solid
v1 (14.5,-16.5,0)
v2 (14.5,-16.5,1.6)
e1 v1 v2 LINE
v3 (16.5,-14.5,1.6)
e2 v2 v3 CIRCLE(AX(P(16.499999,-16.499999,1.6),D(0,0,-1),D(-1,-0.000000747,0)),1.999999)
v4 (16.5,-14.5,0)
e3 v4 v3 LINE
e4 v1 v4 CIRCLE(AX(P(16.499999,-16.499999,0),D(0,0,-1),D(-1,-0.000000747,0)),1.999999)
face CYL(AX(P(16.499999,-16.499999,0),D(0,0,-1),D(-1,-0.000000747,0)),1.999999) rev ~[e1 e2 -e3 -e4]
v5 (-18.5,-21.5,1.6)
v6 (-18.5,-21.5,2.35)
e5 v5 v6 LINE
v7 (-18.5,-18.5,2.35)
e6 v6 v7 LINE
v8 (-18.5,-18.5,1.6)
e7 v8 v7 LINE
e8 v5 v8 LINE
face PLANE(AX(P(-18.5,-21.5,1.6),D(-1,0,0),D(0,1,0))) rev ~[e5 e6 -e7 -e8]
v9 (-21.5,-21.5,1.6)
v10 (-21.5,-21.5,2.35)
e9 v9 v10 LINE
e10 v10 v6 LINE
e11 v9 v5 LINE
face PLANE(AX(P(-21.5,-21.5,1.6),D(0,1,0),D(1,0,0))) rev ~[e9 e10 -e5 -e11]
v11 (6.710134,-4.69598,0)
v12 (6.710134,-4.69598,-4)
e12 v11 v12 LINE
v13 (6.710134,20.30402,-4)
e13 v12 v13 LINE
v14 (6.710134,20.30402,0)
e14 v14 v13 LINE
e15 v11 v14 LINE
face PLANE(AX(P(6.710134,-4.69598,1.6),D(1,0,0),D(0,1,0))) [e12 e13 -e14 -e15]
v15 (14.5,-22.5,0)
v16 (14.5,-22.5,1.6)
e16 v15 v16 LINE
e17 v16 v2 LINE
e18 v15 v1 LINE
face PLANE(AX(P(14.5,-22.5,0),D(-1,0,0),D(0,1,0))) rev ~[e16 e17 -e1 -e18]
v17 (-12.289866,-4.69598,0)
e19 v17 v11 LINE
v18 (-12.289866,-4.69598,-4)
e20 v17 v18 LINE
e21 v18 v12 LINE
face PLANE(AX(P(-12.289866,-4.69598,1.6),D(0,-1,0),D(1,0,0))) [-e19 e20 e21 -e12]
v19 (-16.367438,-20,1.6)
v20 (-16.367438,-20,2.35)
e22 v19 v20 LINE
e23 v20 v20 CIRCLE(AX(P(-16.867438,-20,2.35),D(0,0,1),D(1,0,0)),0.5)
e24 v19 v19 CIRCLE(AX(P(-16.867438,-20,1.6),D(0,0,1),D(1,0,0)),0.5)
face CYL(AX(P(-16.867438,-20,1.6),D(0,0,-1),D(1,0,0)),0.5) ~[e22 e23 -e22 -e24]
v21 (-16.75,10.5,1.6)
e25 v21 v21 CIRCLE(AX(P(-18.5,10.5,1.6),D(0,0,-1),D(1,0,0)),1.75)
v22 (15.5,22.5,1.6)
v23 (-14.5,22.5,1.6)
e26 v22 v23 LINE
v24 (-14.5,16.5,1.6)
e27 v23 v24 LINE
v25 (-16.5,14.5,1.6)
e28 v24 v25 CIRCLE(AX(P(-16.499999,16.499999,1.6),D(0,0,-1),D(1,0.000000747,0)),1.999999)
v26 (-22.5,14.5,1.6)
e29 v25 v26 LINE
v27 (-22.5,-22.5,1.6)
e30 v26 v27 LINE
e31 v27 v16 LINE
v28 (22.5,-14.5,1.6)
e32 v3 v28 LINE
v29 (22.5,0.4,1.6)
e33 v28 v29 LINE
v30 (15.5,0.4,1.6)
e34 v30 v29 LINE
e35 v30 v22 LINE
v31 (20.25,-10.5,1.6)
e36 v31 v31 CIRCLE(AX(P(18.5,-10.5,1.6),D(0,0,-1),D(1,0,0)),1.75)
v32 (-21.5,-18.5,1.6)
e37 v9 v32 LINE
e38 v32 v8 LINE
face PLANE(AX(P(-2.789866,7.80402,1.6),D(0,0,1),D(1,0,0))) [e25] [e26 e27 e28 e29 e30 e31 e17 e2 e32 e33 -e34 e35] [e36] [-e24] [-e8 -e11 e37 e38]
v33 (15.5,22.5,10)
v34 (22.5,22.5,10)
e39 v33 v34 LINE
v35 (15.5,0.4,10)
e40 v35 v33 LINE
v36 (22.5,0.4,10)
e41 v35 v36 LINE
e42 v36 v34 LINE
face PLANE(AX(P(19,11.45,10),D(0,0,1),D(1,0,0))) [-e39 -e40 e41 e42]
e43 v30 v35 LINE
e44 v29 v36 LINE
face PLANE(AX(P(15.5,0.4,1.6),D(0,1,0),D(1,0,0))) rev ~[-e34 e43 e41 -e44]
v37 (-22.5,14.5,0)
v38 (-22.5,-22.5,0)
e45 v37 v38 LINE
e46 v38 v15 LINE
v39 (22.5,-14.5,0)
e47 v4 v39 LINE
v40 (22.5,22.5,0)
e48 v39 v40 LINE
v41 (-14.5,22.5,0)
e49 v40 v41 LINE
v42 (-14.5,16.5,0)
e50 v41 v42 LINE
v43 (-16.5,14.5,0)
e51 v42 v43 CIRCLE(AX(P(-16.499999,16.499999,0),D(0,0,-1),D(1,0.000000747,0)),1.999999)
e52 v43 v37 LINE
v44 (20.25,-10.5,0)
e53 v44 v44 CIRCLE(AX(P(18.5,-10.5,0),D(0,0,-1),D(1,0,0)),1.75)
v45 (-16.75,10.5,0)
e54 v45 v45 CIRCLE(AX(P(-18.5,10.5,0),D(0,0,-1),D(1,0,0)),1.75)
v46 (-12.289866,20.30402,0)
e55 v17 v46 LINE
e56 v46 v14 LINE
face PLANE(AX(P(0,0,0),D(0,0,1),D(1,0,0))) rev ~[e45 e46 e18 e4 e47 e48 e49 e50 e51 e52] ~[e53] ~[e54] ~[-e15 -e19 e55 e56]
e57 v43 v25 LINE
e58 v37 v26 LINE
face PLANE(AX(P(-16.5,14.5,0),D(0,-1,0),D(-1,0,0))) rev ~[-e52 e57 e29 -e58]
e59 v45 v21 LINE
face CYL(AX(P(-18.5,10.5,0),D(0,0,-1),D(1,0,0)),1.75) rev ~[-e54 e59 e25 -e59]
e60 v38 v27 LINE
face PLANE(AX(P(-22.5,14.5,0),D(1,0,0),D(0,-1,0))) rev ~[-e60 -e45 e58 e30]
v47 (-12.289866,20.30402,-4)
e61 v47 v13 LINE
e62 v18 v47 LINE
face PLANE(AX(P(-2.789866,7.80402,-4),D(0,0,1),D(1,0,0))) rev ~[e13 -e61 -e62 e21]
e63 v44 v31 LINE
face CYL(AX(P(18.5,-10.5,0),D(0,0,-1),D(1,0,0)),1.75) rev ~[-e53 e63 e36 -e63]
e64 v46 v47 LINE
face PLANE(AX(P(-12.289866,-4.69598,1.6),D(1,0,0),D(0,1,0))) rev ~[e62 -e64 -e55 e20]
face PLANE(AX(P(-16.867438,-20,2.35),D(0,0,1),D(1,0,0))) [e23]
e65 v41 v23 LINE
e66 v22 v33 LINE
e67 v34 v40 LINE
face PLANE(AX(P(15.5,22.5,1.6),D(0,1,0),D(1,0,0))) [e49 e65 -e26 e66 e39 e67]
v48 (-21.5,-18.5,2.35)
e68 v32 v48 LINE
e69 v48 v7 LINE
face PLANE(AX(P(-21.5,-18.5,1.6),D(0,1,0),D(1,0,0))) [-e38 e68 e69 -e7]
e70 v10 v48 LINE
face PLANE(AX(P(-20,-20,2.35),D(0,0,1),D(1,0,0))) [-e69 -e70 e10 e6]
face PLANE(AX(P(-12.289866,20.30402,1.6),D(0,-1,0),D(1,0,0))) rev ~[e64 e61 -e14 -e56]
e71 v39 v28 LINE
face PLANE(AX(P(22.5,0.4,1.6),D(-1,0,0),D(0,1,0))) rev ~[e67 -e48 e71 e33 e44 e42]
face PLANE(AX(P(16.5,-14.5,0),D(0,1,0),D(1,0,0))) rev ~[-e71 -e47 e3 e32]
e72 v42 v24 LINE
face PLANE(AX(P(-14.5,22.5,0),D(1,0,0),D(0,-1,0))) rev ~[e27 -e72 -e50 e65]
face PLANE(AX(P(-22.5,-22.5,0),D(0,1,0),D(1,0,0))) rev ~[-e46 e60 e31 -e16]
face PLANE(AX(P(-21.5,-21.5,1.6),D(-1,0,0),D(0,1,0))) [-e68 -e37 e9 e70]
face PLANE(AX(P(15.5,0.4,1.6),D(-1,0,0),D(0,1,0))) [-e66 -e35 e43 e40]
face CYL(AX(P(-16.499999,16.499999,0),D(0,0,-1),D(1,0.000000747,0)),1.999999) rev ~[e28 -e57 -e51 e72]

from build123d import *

# Parameters (mm, degrees)
F1_DEPTH = 1.6
F2_W     = 19
F2_H     = 25
F3_DEPTH = 5.6
F4_W     = 7
F4_H     = 22.1
F5_DEPTH = 8.4
F6_W     = 3
F6_H     = 3
F6_R     = 0.5
F7_DEPTH = 0.75
F8_R     = 1.75
F9_DEPTH = 2


with BuildPart() as f1:
    # F0 (on Top) → F1 (new body)
    with BuildSketch(Plane.XY):
        with BuildLine():
            Line((-22.5, -22.5), (14.5, -22.5))
            Line((14.5, -22.5), (14.5, -16.5))
            ThreePointArc((14.5, -16.5), (15.085786, -15.085786), (16.5, -14.5))
            Line((16.5, -14.5), (22.5, -14.5))
            Line((22.5, -14.5), (22.5, 22.5))
            Line((22.5, 22.5), (-14.5, 22.5))
            Line((-14.5, 22.5), (-14.5, 16.5))
            ThreePointArc((-14.5, 16.5), (-15.085786, 15.085786), (-16.5, 14.5))
            Line((-16.5, 14.5), (-22.5, 14.5))
            Line((-22.5, 14.5), (-22.5, -22.5))
        make_face()
    extrude(amount=F1_DEPTH)

    # F2 (on face) → F3 (join)
    with BuildSketch(Plane.XY.offset(1.6)):
        with Locations((-2.789866, 7.80402)):
            Rectangle(F2_W, F2_H)
    extrude(amount=-F3_DEPTH)

    # F4 (on face) → F5 (join)
    with BuildSketch(Plane.XY.offset(1.6)):
        with Locations((19, 11.45)):
            Rectangle(F4_W, F4_H)
    extrude(amount=F5_DEPTH)

    # F6 (on face) → F7 (join)
    with BuildSketch(Plane.XY.offset(1.6)):
        with Locations((-20, -20)):
            Rectangle(F6_W, F6_H)
        with Locations((-16.867438, -20)):
            Circle(F6_R)
    extrude(amount=F7_DEPTH)

    # F8 (on face) → F9 (cut)
    with BuildSketch(Plane(origin=(0, 0, 0), x_dir=(1, 0, 0), z_dir=(0, 0, -1))):
        with Locations((-18.5, -10.5)):
            Circle(F8_R)
        with Locations((18.5, 10.5)):
            Circle(F8_R)
    extrude(amount=-F9_DEPTH, mode=Mode.SUBTRACT)


solid = f1.part
